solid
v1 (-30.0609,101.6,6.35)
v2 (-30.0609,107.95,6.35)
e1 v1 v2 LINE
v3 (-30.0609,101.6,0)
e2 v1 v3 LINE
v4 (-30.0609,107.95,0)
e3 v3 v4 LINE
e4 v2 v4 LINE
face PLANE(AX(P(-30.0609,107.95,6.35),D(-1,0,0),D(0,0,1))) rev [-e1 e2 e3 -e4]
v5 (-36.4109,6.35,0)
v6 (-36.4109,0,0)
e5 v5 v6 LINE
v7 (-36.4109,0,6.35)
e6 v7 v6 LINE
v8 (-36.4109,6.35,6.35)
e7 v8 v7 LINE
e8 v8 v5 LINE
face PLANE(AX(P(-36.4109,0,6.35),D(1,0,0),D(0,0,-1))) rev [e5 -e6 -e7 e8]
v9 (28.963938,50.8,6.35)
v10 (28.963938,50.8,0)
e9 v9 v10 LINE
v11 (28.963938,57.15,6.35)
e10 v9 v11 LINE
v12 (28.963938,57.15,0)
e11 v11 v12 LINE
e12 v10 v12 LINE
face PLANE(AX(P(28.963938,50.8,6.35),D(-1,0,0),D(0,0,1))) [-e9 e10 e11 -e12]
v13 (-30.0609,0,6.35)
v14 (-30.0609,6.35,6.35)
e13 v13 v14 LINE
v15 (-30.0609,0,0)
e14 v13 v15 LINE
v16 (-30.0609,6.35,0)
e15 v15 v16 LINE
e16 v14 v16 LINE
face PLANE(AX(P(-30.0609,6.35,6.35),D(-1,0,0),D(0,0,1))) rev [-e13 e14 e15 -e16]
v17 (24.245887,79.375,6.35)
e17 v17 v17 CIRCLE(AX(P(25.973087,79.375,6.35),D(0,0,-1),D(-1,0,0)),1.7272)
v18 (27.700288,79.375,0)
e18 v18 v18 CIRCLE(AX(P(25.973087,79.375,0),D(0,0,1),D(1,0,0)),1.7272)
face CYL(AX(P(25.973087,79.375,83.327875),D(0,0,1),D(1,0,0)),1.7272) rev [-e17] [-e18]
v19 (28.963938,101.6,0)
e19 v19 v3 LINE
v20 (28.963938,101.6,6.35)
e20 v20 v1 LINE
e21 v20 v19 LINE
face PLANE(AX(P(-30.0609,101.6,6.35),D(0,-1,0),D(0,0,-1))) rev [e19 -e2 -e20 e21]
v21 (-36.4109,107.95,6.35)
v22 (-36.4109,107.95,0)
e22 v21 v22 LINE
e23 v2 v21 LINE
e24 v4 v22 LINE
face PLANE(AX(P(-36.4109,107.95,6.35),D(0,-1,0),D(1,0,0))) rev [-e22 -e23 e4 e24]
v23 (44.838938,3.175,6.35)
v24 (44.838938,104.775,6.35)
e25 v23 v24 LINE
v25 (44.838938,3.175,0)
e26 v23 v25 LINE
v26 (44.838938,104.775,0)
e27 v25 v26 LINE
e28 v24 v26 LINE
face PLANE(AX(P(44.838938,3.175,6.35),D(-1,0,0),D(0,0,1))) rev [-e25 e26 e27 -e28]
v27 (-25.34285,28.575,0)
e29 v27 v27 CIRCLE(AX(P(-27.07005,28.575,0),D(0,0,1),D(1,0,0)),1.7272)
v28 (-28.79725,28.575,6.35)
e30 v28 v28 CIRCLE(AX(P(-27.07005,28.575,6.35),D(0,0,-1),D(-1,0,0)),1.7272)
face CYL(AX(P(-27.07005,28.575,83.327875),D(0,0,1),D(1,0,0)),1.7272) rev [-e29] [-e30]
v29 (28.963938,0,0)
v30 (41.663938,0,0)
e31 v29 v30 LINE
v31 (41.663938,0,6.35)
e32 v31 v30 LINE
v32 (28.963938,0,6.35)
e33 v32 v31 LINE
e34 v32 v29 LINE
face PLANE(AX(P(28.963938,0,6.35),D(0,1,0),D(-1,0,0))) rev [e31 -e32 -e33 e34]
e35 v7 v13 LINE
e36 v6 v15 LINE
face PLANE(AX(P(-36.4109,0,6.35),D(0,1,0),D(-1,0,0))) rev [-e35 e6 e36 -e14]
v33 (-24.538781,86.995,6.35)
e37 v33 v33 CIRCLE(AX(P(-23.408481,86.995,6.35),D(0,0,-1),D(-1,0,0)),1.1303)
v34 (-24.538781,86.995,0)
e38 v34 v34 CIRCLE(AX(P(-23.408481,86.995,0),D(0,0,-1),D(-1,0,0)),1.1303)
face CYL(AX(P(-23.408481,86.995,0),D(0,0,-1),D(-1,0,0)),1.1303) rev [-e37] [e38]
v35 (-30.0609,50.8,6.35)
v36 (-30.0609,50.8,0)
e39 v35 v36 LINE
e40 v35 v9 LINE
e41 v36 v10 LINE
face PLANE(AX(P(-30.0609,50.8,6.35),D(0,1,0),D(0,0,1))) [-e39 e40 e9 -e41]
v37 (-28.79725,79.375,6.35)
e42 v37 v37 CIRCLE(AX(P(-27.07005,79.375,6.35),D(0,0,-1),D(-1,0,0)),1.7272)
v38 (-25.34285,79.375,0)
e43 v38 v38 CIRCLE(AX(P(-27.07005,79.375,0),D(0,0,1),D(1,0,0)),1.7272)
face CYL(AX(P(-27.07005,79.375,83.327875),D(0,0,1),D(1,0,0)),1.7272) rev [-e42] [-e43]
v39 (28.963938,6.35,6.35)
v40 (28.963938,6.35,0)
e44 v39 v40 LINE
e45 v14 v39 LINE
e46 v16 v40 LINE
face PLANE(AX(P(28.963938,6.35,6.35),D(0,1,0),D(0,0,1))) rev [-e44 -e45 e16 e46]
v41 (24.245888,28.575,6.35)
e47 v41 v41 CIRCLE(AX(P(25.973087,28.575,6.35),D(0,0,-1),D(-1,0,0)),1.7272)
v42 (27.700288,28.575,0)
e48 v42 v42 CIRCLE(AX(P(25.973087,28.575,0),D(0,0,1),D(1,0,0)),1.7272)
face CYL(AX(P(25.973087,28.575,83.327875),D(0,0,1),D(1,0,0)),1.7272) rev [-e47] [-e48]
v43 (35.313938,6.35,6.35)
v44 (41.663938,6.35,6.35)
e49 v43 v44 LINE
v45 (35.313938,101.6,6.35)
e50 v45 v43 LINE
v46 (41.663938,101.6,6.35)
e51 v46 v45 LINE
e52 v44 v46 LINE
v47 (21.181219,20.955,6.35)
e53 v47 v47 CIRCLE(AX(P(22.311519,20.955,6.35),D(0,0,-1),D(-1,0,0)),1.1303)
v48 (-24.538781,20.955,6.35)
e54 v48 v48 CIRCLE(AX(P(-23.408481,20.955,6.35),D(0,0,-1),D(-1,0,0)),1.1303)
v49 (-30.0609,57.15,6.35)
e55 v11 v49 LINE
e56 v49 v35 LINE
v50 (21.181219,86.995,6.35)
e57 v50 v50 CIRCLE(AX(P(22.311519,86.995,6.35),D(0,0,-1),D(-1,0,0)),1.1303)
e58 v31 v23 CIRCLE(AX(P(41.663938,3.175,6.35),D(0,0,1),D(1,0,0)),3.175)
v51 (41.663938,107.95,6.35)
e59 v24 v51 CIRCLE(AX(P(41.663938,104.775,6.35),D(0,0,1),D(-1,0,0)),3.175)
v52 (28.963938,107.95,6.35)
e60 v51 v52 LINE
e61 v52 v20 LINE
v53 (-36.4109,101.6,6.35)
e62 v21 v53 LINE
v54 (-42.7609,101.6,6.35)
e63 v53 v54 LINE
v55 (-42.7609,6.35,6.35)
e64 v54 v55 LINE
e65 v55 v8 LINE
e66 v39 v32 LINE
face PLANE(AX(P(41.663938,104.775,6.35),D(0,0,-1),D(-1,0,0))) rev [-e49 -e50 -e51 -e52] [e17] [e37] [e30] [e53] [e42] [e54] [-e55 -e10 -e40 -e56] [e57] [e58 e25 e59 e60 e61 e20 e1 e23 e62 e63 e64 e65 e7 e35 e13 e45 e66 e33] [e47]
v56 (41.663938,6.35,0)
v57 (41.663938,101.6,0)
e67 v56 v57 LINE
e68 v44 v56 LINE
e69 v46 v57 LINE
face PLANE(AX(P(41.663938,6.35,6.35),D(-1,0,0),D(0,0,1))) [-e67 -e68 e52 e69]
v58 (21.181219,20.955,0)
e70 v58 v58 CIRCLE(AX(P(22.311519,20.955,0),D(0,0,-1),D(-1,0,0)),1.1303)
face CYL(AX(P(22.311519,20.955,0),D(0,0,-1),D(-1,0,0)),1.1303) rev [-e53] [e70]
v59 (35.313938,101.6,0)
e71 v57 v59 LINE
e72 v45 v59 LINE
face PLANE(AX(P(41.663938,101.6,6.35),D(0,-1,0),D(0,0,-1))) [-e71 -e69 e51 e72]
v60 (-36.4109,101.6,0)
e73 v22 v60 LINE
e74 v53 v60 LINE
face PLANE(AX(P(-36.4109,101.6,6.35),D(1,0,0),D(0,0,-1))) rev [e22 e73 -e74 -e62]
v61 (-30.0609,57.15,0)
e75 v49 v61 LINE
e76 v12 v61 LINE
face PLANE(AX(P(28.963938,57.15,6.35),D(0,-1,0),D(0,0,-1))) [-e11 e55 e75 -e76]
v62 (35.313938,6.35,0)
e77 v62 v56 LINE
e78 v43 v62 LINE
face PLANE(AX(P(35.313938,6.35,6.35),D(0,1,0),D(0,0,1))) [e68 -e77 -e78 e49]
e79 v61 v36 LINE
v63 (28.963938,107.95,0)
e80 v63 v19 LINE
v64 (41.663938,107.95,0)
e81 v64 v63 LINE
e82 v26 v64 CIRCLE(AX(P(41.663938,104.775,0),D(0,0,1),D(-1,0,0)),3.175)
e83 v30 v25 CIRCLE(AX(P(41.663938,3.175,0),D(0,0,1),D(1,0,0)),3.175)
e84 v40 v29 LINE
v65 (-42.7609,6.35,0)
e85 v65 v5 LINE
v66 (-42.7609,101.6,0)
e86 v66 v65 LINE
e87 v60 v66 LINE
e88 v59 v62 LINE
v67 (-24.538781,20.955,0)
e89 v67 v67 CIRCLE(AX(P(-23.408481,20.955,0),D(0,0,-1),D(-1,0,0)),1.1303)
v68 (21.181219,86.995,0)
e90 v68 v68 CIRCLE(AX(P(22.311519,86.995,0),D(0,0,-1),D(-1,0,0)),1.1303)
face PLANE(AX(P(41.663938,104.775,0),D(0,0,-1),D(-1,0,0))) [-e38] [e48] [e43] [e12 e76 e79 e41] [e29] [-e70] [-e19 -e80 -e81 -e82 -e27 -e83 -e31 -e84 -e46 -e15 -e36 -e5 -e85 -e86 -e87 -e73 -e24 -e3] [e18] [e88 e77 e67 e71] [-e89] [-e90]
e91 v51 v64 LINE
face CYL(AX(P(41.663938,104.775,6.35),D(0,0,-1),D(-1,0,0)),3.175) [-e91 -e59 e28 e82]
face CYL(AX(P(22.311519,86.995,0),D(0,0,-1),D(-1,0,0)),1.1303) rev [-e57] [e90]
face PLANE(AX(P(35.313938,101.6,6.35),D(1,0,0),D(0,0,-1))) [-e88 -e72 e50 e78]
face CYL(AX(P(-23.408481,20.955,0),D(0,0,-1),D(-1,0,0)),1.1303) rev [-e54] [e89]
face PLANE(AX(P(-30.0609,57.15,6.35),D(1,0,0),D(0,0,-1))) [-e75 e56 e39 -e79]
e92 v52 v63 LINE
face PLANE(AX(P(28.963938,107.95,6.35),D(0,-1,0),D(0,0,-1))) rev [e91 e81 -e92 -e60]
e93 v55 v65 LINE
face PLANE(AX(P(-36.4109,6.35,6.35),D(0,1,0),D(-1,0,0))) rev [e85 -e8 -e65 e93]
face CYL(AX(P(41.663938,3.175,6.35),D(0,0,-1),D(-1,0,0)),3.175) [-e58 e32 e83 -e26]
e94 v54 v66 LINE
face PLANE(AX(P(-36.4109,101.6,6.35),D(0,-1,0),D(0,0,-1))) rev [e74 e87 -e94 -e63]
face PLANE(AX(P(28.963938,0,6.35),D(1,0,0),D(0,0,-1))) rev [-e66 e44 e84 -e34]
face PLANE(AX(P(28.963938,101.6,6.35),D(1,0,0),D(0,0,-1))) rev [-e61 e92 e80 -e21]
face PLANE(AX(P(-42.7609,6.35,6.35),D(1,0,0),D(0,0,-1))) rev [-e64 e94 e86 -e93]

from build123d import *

# Parameters (mm, degrees)
SKETCH1_W                 = 59.0248375
SKETCH1_H                 = 6.35
SKETCH1_W_2               = 6.35
SKETCH1_H_2               = 95.25
BOSS_EXTRUDE1_DEPTH       = 6.35
TAP_DRILL_FOR_8_32_TAP4_D = 3.4544
TAP_DRILL_FOR_8_32_TAP5_D = 3.4544
TAP_DRILL_FOR_4_40_TAP1_D = 2.2606


with BuildPart() as part:
    # Sketch1 → Boss-Extrude1 (new body)
    with BuildSketch(Plane.XY):
        with BuildLine():
            Line((-36.4109, 0), (-30.0609, 0))
            Line((-30.0609, 0), (-30.0609, 6.35))
            Line((-30.0609, 6.35), (28.9639375, 6.35))
            Line((28.9639375, 6.35), (28.9639375, 0))
            Line((28.9639375, 0), (41.6639375, 0))
            ThreePointArc((41.6639375, 0), (43.90900153, 0.92993597), (44.8389375, 3.175))
            Line((44.8389375, 3.175), (44.8389375, 104.775))
            ThreePointArc((44.8389375, 104.775), (43.90900153, 107.02006403), (41.6639375, 107.95))
            Line((41.6639375, 107.95), (28.9639375, 107.95))
            Line((28.9639375, 107.95), (28.9639375, 101.6))
            Line((28.9639375, 101.6), (-30.0609, 101.6))
            Line((-30.0609, 101.6), (-30.0609, 107.95))
            Line((-30.0609, 107.95), (-36.4109, 107.95))
            Line((-36.4109, 107.95), (-36.4109, 101.6))
            Line((-36.4109, 101.6), (-42.7609, 101.6))
            Line((-42.7609, 101.6), (-42.7609, 6.35))
            Line((-42.7609, 6.35), (-36.4109, 6.35))
            Line((-36.4109, 6.35), (-36.4109, 0))
        make_face()
        with Locations((-0.54848125, 53.975)):
            Rectangle(SKETCH1_W, SKETCH1_H, mode=Mode.SUBTRACT)
        with Locations((38.4889375, 53.975)):
            Rectangle(SKETCH1_W_2, SKETCH1_H_2, mode=Mode.SUBTRACT)
    extrude(amount=BOSS_EXTRUDE1_DEPTH)

    # Tap Drill for #8-32 Tap4 (through all)
    with Locations(Plane(origin=(210.206342913, -81.87086846, 83.327875), x_dir=(1, 0, 0), z_dir=(0, 0, 1))):
        with Locations((-184.233255413, 161.24586846), (-184.233255413, 110.44586846), (-237.276392913, 110.44586846), (-237.276392913, 161.24586846)):
            Hole(TAP_DRILL_FOR_8_32_TAP4_D / 2)

    # Tap Drill for #8-32 Tap5 (through all)
    with Locations(Plane(origin=(210.206342913, -81.87086846, 6.35), x_dir=(1, 0, 0), z_dir=(0, 0, 1))):
        with Locations((-184.233255413, 161.24586846), (-184.233255413, 110.44586846), (-237.276392913, 110.44586846), (-237.276392913, 161.24586846)):
            Hole(TAP_DRILL_FOR_8_32_TAP5_D / 2)

    # Tap Drill for #4-40 Tap1 (through all)
    with Locations(Plane(origin=(210.206342913, -81.87086846, 0), x_dir=(-1, 0, 0), z_dir=(0, 0, -1))):
        with Locations((233.614824163, 168.86586846), (233.614824163, 102.82586846), (187.894824163, 102.82586846), (187.894824163, 168.86586846)):
            Hole(TAP_DRILL_FOR_4_40_TAP1_D / 2)


solid = part.part
